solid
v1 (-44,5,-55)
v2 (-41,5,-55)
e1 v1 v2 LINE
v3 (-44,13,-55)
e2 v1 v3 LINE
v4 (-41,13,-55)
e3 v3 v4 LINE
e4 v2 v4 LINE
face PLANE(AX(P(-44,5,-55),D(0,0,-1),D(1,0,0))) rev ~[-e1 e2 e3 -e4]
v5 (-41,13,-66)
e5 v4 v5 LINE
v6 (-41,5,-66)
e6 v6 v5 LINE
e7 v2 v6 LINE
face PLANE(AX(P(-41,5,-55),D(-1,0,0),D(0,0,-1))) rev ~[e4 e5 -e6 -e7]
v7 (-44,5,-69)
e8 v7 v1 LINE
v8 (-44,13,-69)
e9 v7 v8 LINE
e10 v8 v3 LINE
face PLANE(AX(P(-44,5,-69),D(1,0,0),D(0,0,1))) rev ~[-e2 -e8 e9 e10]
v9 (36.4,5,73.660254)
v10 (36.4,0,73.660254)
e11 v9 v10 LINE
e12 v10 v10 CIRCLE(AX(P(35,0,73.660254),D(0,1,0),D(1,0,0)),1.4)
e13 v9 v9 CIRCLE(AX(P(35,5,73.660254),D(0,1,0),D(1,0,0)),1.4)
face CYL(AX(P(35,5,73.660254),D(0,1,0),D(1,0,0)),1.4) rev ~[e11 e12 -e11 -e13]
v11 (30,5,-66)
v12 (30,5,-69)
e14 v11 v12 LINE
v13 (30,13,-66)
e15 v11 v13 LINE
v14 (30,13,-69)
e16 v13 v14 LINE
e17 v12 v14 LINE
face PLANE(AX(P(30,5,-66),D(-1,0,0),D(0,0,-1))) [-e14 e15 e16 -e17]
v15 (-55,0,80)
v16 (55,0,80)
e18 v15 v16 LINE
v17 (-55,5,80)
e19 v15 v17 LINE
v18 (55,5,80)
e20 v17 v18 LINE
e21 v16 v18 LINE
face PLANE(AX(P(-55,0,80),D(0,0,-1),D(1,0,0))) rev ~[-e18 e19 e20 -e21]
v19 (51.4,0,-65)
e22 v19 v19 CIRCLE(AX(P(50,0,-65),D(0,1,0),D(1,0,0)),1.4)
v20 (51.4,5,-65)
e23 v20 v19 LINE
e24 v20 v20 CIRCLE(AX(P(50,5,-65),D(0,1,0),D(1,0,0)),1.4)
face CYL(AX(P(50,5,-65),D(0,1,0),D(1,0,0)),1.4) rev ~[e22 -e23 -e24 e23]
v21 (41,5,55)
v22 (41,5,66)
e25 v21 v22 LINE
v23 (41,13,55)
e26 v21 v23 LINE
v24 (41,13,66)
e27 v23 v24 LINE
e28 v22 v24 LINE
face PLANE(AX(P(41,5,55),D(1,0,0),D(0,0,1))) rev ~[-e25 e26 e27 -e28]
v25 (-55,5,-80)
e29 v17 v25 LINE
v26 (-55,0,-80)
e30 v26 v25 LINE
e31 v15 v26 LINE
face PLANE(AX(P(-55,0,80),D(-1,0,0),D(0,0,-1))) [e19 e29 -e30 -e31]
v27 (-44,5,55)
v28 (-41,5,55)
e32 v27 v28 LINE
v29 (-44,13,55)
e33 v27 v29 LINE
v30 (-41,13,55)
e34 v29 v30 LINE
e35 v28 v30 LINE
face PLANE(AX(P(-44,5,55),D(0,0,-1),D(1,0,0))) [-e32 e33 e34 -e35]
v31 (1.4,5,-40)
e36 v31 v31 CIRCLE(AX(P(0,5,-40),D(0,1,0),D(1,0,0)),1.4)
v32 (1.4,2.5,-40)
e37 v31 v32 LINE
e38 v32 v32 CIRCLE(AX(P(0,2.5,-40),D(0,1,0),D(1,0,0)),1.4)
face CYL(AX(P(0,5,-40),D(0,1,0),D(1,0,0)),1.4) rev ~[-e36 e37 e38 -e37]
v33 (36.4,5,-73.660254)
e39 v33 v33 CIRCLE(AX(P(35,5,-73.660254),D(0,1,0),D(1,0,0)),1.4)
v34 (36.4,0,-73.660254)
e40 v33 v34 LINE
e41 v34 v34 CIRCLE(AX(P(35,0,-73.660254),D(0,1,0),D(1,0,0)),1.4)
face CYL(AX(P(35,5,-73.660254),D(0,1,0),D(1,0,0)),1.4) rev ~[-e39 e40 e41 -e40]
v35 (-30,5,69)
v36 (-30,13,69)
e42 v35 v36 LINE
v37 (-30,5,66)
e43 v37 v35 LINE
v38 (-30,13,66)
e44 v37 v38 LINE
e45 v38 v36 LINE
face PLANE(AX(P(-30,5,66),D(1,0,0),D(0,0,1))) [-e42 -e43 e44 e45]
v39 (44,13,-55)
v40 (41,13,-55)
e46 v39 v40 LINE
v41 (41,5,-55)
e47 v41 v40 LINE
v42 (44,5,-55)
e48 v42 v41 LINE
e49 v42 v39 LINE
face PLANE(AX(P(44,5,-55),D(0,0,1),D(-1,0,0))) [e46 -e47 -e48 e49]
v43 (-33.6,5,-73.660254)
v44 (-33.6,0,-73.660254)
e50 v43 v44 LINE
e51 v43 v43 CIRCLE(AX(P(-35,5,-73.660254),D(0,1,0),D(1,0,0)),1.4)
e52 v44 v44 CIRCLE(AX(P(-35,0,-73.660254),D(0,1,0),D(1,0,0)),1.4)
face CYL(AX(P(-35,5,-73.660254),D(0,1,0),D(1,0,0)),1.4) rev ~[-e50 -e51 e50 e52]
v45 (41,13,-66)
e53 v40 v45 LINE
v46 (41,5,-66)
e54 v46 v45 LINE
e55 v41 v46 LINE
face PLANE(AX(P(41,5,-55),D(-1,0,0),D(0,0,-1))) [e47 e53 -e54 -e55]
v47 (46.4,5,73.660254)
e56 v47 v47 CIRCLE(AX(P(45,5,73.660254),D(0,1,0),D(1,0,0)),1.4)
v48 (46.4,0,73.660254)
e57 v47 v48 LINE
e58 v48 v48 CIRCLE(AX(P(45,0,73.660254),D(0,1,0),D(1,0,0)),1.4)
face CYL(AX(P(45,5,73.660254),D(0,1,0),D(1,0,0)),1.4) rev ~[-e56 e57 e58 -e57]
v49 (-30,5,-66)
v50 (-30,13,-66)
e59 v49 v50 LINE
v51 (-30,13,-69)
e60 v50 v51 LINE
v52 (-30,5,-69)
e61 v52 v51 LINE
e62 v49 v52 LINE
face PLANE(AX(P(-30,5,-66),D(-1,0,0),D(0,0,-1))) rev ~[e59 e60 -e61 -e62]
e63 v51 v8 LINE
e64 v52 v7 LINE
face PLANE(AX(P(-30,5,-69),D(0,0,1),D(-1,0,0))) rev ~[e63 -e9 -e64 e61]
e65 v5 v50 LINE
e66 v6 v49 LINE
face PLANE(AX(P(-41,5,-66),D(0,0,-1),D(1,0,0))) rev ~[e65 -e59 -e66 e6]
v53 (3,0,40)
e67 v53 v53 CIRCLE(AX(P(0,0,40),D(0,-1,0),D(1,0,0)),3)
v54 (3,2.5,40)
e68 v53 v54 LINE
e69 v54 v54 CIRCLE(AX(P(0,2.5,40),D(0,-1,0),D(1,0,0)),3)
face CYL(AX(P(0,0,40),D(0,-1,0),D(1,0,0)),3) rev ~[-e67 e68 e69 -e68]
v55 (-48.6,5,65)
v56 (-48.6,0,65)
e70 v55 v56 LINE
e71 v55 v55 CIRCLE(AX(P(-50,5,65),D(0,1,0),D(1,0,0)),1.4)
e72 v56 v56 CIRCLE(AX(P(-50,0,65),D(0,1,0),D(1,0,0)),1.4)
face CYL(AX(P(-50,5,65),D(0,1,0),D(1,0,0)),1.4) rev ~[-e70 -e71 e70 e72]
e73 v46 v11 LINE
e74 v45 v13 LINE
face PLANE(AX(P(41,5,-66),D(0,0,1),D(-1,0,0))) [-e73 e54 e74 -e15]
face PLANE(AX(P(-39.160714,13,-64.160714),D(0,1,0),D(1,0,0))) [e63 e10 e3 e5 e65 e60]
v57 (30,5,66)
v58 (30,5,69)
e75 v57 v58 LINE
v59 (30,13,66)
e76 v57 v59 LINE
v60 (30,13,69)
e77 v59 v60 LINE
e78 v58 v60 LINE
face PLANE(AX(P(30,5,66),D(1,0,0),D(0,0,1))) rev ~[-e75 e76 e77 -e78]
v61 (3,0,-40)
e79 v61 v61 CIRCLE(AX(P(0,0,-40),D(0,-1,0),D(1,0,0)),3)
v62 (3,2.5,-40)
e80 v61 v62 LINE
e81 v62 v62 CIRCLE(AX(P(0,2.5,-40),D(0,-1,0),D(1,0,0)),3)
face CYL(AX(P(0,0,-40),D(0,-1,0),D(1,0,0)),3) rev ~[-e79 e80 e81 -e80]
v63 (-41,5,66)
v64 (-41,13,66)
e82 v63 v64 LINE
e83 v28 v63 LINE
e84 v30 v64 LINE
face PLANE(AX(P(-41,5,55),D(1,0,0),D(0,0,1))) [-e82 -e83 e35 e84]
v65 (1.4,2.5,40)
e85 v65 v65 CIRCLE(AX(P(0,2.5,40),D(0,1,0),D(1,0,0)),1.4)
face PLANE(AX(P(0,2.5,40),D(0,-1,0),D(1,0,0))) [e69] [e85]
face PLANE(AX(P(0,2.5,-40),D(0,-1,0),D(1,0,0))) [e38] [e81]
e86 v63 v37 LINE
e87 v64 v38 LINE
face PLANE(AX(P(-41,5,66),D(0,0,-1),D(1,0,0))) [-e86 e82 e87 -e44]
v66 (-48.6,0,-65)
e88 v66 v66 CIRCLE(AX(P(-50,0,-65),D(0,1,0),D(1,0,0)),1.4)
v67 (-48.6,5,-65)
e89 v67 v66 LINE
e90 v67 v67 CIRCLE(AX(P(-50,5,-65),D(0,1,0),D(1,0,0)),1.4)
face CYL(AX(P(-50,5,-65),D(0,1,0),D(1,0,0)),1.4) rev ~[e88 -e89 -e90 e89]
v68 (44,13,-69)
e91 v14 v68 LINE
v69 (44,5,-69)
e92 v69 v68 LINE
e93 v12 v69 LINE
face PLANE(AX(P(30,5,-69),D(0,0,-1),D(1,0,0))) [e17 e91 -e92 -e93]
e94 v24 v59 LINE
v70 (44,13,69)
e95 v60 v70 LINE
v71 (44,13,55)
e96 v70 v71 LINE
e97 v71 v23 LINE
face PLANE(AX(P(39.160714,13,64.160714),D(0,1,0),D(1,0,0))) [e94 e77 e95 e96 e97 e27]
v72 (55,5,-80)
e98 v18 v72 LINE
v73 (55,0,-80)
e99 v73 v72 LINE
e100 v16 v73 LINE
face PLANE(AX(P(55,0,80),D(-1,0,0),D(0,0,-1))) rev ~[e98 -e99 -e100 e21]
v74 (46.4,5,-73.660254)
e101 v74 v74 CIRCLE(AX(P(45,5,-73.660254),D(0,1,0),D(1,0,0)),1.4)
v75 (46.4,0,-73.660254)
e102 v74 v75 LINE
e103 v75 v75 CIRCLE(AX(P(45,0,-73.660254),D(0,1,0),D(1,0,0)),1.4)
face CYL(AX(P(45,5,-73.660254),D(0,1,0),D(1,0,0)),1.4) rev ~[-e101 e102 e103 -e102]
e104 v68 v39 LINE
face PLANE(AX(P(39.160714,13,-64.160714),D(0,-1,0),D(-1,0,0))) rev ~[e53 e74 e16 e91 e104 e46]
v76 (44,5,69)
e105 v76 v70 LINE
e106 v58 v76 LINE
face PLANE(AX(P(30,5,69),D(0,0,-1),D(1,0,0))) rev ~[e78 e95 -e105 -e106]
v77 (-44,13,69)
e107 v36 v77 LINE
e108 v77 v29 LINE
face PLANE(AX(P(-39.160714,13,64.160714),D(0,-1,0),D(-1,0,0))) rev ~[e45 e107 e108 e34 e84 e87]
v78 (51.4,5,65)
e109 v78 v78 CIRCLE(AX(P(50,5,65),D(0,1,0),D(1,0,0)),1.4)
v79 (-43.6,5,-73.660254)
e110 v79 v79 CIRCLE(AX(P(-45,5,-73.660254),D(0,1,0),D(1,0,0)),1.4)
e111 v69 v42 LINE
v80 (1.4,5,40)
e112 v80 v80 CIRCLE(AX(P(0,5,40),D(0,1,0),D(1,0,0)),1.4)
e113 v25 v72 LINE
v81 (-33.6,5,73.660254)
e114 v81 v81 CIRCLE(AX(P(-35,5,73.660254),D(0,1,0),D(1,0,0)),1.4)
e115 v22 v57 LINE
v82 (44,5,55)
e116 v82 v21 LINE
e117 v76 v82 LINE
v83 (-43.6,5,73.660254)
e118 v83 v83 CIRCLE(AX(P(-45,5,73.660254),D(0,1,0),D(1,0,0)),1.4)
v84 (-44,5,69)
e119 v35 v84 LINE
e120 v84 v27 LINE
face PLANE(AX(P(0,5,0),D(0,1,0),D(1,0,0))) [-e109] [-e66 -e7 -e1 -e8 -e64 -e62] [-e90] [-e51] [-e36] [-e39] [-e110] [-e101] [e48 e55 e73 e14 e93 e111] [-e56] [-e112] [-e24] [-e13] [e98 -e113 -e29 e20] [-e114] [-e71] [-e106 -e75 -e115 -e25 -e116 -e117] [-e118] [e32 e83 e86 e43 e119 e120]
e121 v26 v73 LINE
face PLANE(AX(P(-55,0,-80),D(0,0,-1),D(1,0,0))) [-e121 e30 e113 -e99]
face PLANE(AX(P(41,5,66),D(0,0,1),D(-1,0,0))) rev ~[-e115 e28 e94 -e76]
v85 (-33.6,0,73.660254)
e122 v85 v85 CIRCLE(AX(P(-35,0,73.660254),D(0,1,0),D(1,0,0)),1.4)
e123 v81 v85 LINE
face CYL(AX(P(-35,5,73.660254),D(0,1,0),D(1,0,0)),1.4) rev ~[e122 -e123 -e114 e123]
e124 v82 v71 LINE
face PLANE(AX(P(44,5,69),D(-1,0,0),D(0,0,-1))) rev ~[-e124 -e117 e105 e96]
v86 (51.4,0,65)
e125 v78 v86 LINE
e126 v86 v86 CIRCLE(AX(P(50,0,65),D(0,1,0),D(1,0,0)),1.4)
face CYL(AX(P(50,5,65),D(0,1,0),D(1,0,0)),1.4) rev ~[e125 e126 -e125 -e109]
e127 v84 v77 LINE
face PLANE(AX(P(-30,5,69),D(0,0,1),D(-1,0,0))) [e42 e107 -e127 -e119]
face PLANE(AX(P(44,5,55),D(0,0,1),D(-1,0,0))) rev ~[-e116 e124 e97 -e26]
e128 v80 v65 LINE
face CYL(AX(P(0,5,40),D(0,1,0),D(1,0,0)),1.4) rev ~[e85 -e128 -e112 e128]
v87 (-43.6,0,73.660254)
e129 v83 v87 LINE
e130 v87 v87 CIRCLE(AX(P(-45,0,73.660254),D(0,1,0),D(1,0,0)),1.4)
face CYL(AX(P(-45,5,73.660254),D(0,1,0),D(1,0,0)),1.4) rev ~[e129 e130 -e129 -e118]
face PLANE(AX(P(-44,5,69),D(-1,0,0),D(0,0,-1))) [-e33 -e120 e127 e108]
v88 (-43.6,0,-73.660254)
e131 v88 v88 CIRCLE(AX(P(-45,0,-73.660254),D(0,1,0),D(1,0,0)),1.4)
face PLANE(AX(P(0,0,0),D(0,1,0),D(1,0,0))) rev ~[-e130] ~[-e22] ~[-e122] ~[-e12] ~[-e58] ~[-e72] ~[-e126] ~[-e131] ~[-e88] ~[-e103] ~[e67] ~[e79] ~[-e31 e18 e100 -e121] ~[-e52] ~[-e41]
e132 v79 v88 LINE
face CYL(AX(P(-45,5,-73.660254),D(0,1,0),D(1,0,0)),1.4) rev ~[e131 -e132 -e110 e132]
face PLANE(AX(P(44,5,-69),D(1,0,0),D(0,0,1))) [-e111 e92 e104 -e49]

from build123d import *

# Parameters (mm, degrees)
SKETCH_1_W          = 110
SKETCH_1_H          = 160
EXTRUDE_1_DEPTH     = 5
SKETCH_3_R          = 1.4
CUT_EXTRUDE_1_DEPTH = 5
EXTRUDE_2_DEPTH     = 8
SKETCH_5_R          = 3
CUT_EXTRUDE_2_DEPTH = 2.5


with BuildPart() as part:
    # 스케치1 → 보스-돌출1 (new body)
    with BuildSketch(Plane(origin=(0, 0, 0), x_dir=(1, 0, 0), z_dir=(0, 1, 0))):
        Rectangle(SKETCH_1_W, SKETCH_1_H)
    extrude(amount=EXTRUDE_1_DEPTH)

    # 스케치3 → 컷-돌출1 (cut)
    with BuildSketch(Plane(origin=(0, 5, 0), x_dir=(1, 0, 0), z_dir=(0, 1, 0))):
        with Locations((-50, 65)):
            Circle(SKETCH_3_R)
        with Locations((-45, 73.660254038)):
            Circle(SKETCH_3_R)
        with Locations((-35, 73.660254038)):
            Circle(SKETCH_3_R)
        with Locations((-50, -65)):
            Circle(SKETCH_3_R)
        with Locations((-45, -73.660254038)):
            Circle(SKETCH_3_R)
        with Locations((-35, -73.660254038)):
            Circle(SKETCH_3_R)
        with Locations((35, 73.660254038)):
            Circle(SKETCH_3_R)
        with Locations((45, 73.660254038)):
            Circle(SKETCH_3_R)
        with Locations((50, 65)):
            Circle(SKETCH_3_R)
        with Locations((35, -73.660254038)):
            Circle(SKETCH_3_R)
        with Locations((45, -73.660254038)):
            Circle(SKETCH_3_R)
        with Locations((50, -65)):
            Circle(SKETCH_3_R)
        with Locations((0, 40)):
            Circle(SKETCH_3_R)
        with Locations((0, -40)):
            Circle(SKETCH_3_R)
    extrude(amount=-CUT_EXTRUDE_1_DEPTH, mode=Mode.SUBTRACT)

    # 스케치4 → 보스-돌출2 (add)
    with BuildSketch(Plane(origin=(0, 5, 0), x_dir=(1, 0, 0), z_dir=(0, 1, 0))):
        Polygon((41, 66), (30, 66), (30, 69), (44, 69), (44, 55), (41, 55), align=None)
        Polygon((44, -55), (41, -55), (41, -66), (30, -66), (30, -69), (44, -69), align=None)
        Polygon((-44, 55), (-41, 55), (-41, 66), (-30, 66), (-30, 69), (-44, 69), align=None)
        Polygon((-44, -55), (-41, -55), (-41, -66), (-30, -66), (-30, -69), (-44, -69), align=None)
    extrude(amount=EXTRUDE_2_DEPTH)

    # 스케치5 → 컷-돌출2 (cut)
    with BuildSketch(Plane.XZ):
        with Locations((0, 40)):
            Circle(SKETCH_5_R)
        with Locations((0, -40)):
            Circle(SKETCH_5_R)
    extrude(amount=-CUT_EXTRUDE_2_DEPTH, mode=Mode.SUBTRACT)


solid = part.part
